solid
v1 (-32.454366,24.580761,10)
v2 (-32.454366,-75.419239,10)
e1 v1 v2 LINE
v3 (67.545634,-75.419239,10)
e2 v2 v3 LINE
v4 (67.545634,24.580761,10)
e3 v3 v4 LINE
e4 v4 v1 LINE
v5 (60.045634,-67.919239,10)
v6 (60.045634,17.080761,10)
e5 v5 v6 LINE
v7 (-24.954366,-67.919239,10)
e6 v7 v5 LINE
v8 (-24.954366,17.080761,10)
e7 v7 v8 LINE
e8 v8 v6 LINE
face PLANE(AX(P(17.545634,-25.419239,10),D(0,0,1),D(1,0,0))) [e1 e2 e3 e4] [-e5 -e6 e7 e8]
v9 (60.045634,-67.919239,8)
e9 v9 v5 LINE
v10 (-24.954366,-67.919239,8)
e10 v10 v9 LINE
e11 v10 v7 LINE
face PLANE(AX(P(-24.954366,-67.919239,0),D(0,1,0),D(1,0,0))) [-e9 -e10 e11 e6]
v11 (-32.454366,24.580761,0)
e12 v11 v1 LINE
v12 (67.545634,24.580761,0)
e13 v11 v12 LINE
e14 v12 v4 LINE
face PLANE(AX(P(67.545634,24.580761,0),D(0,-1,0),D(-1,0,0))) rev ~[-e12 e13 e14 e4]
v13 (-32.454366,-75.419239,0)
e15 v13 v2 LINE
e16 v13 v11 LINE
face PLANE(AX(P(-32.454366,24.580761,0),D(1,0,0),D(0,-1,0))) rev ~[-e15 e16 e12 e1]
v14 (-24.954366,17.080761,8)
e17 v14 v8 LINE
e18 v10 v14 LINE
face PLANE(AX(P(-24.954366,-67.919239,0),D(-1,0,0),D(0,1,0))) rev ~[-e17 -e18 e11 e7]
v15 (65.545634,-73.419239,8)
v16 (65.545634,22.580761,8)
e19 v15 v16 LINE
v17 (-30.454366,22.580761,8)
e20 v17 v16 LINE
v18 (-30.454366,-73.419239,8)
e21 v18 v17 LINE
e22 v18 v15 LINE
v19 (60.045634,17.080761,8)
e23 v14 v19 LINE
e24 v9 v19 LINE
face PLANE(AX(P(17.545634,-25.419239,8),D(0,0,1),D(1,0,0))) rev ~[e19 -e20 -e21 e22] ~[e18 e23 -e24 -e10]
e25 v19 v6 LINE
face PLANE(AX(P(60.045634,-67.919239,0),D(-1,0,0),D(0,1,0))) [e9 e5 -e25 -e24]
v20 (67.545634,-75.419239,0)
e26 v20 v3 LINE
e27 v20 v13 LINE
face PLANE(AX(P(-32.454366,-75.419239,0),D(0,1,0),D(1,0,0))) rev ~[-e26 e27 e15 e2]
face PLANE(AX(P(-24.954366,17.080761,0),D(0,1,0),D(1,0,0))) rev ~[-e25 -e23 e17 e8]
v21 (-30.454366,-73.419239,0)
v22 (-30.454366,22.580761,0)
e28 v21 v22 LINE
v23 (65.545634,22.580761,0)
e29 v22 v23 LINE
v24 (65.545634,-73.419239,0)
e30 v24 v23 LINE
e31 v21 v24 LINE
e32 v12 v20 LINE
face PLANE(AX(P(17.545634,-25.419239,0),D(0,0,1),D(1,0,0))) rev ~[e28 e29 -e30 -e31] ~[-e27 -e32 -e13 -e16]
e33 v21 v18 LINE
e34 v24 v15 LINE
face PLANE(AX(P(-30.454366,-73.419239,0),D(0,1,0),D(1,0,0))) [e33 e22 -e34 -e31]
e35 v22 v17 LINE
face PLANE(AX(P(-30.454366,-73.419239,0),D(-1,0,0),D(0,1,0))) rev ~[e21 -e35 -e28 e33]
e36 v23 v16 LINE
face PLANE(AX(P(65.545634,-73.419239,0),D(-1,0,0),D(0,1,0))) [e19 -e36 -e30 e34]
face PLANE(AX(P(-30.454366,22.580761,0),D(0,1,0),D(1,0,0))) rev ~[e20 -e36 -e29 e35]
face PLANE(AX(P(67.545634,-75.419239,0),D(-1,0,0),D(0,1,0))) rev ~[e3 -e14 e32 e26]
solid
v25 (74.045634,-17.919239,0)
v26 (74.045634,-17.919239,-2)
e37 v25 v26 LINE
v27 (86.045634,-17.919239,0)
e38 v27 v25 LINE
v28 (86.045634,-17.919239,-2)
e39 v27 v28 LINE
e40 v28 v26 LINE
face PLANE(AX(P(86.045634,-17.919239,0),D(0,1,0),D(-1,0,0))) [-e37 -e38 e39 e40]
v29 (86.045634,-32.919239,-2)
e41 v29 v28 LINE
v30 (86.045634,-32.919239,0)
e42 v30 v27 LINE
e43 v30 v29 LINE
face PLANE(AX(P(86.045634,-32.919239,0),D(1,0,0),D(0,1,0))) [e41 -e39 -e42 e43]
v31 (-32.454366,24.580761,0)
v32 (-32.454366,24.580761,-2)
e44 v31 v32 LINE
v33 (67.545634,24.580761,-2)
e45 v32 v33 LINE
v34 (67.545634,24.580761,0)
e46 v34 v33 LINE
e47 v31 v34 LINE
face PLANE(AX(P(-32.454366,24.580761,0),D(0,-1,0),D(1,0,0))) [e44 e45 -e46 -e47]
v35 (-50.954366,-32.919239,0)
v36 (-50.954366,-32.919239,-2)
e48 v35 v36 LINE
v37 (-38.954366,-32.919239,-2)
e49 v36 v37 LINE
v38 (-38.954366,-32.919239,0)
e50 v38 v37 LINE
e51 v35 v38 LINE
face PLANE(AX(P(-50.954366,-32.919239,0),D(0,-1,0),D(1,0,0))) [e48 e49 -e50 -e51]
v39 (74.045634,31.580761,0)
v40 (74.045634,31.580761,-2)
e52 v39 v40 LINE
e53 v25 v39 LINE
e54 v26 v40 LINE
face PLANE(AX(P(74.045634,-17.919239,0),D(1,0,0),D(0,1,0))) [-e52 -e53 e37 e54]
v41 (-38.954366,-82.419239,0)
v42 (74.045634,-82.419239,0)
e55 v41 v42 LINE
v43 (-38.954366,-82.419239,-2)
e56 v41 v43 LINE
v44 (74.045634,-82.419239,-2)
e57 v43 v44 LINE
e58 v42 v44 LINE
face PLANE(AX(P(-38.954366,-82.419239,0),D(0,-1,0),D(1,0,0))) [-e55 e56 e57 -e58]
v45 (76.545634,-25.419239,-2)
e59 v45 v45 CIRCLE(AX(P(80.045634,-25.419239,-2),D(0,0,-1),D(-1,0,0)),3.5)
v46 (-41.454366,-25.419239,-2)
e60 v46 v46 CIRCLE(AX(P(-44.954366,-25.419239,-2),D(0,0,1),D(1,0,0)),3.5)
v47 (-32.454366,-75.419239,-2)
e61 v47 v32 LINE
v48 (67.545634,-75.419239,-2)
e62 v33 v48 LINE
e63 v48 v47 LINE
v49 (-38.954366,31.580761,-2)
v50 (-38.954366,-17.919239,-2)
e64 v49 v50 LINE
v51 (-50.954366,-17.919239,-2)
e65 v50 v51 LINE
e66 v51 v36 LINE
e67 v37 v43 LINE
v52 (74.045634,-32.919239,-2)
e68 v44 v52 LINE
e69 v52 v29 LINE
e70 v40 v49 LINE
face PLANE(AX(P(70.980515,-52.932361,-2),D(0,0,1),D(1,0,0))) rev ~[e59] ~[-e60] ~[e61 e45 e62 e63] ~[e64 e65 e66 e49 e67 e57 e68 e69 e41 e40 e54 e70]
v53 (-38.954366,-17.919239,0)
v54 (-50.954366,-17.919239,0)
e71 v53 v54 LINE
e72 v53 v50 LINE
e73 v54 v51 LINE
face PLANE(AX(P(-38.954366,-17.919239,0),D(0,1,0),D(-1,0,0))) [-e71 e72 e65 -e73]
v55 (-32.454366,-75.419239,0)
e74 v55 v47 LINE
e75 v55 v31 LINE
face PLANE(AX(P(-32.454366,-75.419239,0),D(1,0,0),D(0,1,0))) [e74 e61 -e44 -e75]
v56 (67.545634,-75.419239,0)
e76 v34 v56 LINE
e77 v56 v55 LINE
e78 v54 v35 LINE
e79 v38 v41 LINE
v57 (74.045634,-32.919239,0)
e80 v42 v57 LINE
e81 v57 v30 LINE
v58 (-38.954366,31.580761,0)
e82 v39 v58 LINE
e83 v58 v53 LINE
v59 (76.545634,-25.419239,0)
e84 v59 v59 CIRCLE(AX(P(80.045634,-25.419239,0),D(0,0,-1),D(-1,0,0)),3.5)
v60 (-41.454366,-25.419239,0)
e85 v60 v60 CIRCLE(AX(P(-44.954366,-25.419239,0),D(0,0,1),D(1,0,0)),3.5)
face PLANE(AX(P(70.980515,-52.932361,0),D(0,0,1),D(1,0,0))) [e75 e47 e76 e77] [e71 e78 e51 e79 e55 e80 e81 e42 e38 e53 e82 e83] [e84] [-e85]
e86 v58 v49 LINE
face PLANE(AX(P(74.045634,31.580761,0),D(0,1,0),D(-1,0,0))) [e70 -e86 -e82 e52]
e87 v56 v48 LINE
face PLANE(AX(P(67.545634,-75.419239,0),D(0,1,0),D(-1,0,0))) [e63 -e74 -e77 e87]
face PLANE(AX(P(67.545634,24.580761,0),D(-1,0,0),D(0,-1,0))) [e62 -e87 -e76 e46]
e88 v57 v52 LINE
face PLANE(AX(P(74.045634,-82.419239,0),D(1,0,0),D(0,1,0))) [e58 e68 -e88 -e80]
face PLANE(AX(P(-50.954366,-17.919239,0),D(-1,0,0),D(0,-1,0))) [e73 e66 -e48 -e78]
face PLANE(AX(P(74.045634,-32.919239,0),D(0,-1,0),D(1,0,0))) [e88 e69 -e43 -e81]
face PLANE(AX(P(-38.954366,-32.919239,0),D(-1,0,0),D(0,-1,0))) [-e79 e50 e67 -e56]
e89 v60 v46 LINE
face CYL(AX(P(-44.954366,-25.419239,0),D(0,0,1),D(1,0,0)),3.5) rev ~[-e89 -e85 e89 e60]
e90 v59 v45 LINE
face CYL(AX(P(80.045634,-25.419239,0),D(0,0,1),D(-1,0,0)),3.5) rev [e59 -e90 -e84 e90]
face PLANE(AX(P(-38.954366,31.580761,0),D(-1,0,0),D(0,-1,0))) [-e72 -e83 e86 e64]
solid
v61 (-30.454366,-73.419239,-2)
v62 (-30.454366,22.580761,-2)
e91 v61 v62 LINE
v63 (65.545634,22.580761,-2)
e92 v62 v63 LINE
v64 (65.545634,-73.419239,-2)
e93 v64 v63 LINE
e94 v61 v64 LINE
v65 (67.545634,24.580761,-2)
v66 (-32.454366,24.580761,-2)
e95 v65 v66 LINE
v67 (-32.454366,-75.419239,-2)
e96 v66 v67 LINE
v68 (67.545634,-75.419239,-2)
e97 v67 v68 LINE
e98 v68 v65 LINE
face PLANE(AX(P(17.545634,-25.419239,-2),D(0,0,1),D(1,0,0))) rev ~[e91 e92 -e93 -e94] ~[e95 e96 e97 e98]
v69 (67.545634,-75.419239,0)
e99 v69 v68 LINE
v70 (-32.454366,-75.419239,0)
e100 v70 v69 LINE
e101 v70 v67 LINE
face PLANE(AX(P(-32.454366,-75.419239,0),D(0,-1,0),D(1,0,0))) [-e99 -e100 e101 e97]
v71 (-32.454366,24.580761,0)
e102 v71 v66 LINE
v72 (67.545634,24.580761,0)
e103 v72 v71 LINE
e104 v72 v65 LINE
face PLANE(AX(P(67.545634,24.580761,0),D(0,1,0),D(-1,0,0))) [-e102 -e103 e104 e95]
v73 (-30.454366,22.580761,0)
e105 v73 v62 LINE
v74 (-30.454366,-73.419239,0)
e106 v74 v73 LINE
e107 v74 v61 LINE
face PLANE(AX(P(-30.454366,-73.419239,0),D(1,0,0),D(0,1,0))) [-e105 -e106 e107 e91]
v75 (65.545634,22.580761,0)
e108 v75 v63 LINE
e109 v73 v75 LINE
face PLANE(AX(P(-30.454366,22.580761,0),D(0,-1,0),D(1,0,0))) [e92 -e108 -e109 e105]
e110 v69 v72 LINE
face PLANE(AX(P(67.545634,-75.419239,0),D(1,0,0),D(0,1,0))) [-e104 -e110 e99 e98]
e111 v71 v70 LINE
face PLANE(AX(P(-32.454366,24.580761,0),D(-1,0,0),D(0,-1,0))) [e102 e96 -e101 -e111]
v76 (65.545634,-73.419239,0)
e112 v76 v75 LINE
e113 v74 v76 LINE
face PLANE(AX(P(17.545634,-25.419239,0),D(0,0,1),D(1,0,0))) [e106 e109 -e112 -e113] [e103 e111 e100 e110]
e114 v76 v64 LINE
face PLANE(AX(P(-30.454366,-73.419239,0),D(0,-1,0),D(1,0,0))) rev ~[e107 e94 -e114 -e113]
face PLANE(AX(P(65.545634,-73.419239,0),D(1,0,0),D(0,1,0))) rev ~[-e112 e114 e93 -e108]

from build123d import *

# Parameters (mm, degrees)
F0_R     = 3.5
F1_DEPTH = 2
F0_W     = 96
F0_H     = 96
F0_W_2   = 85
F0_H_2   = 85
F2_DEPTH = 10
F3_DEPTH = 8
F4_DEPTH = 2


with BuildPart() as f1:
    # F0 (on Top) → F1 (new body)
    with BuildSketch(Plane.XY):
        Polygon((67.5456341952, -75.4192389548), (74.0456341952, -82.4192389548), (74.0456341952, -32.9192389548), (74.0456341952, -25.4192389548), (67.5456341952, -25.4192389548), align=None)
        Polygon((17.5456341952, -82.4192389548), (74.0456341952, -82.4192389548), (67.5456341952, -75.4192389548), (17.5456341952, -75.4192389548), align=None)
        Polygon((-38.9543658048, -82.4192389548), (17.5456341952, -82.4192389548), (17.5456341952, -75.4192389548), (-32.4543658048, -75.4192389548), align=None)
        Polygon((74.0456341952, -25.4192389548), (74.0456341952, -32.9192389548), (86.0456341952, -32.9192389548), (86.0456341952, -17.9192389548), (74.0456341952, -17.9192389548), align=None)
        with BuildLine():
            ThreePointArc((83.5456341952, -25.4192389548), (80.0456341952, -28.9192389548), (76.5456341952, -25.4192389548))
            ThreePointArc((76.5456341952, -25.4192389548), (80.0456341952, -21.9192389548), (83.5456341952, -25.4192389548))
        make_face(mode=Mode.SUBTRACT)
        Polygon((-38.9543658048, -32.9192389548), (-38.9543658048, -82.4192389548), (-32.4543658048, -75.4192389548), (-32.4543658048, -25.4192389548), (-38.9543658048, -25.4192389548), align=None)
        Polygon((67.5456341952, -25.4192389548), (74.0456341952, -25.4192389548), (74.0456341952, -17.9192389548), (74.0456341952, 31.5807610452), (67.5456341952, 24.5807610452), align=None)
        Polygon((-50.9543658048, -32.9192389548), (-38.9543658048, -32.9192389548), (-38.9543658048, -25.4192389548), (-38.9543658048, -17.9192389548), (-50.9543658048, -17.9192389548), align=None)
        with Locations((-44.9543658048, -25.4192389548)):
            Circle(F0_R, mode=Mode.SUBTRACT)
        Polygon((17.5456341952, 24.5807610452), (67.5456341952, 24.5807610452), (74.0456341952, 31.5807610452), (17.5456341952, 31.5807610452), align=None)
        Polygon((-38.9543658048, -17.9192389548), (-38.9543658048, -25.4192389548), (-32.4543658048, -25.4192389548), (-32.4543658048, 24.5807610452), (-38.9543658048, 31.5807610452), align=None)
        Polygon((-32.4543658048, 24.5807610452), (17.5456341952, 24.5807610452), (17.5456341952, 31.5807610452), (-38.9543658048, 31.5807610452), align=None)
    extrude(amount=-F1_DEPTH)

    # F0 (on Top) → F2 (join)
    with BuildSketch(Plane.XY):
        Polygon((17.5456341952, -75.4192389548), (67.5456341952, -75.4192389548), (67.5456341952, -25.4192389548), (67.5456341952, 24.5807610452), (17.5456341952, 24.5807610452), (-32.4543658048, 24.5807610452), (-32.4543658048, -25.4192389548), (-32.4543658048, -75.4192389548), align=None)
        with Locations((17.5456341952, -25.4192389548)):
            Rectangle(F0_W, F0_H, mode=Mode.SUBTRACT)
        with Locations((17.5456341952, -25.4192389548)):
            Rectangle(F0_W, F0_H)
        with Locations((17.5456341952, -25.4192389548)):
            Rectangle(F0_W_2, F0_H_2, mode=Mode.SUBTRACT)
    extrude(amount=F2_DEPTH)

    # F0 (on Top) → F3 (cut)
    with BuildSketch(Plane.XY):
        with Locations((17.5456341952, -25.4192389548)):
            Rectangle(F0_W, F0_H)
        with Locations((17.5456341952, -25.4192389548)):
            Rectangle(F0_W_2, F0_H_2, mode=Mode.SUBTRACT)
    extrude(amount=F3_DEPTH, mode=Mode.SUBTRACT)


with BuildPart() as f4:
    # F0 (on Top) → F4 (new body)
    with BuildSketch(Plane.XY):
        Polygon((17.5456341952, -75.4192389548), (67.5456341952, -75.4192389548), (67.5456341952, -25.4192389548), (67.5456341952, 24.5807610452), (17.5456341952, 24.5807610452), (-32.4543658048, 24.5807610452), (-32.4543658048, -25.4192389548), (-32.4543658048, -75.4192389548), align=None)
        with Locations((17.5456341952, -25.4192389548)):
            Rectangle(F0_W, F0_H, mode=Mode.SUBTRACT)
    extrude(amount=-F4_DEPTH)


solid = Compound([f1.part, f4.part])
